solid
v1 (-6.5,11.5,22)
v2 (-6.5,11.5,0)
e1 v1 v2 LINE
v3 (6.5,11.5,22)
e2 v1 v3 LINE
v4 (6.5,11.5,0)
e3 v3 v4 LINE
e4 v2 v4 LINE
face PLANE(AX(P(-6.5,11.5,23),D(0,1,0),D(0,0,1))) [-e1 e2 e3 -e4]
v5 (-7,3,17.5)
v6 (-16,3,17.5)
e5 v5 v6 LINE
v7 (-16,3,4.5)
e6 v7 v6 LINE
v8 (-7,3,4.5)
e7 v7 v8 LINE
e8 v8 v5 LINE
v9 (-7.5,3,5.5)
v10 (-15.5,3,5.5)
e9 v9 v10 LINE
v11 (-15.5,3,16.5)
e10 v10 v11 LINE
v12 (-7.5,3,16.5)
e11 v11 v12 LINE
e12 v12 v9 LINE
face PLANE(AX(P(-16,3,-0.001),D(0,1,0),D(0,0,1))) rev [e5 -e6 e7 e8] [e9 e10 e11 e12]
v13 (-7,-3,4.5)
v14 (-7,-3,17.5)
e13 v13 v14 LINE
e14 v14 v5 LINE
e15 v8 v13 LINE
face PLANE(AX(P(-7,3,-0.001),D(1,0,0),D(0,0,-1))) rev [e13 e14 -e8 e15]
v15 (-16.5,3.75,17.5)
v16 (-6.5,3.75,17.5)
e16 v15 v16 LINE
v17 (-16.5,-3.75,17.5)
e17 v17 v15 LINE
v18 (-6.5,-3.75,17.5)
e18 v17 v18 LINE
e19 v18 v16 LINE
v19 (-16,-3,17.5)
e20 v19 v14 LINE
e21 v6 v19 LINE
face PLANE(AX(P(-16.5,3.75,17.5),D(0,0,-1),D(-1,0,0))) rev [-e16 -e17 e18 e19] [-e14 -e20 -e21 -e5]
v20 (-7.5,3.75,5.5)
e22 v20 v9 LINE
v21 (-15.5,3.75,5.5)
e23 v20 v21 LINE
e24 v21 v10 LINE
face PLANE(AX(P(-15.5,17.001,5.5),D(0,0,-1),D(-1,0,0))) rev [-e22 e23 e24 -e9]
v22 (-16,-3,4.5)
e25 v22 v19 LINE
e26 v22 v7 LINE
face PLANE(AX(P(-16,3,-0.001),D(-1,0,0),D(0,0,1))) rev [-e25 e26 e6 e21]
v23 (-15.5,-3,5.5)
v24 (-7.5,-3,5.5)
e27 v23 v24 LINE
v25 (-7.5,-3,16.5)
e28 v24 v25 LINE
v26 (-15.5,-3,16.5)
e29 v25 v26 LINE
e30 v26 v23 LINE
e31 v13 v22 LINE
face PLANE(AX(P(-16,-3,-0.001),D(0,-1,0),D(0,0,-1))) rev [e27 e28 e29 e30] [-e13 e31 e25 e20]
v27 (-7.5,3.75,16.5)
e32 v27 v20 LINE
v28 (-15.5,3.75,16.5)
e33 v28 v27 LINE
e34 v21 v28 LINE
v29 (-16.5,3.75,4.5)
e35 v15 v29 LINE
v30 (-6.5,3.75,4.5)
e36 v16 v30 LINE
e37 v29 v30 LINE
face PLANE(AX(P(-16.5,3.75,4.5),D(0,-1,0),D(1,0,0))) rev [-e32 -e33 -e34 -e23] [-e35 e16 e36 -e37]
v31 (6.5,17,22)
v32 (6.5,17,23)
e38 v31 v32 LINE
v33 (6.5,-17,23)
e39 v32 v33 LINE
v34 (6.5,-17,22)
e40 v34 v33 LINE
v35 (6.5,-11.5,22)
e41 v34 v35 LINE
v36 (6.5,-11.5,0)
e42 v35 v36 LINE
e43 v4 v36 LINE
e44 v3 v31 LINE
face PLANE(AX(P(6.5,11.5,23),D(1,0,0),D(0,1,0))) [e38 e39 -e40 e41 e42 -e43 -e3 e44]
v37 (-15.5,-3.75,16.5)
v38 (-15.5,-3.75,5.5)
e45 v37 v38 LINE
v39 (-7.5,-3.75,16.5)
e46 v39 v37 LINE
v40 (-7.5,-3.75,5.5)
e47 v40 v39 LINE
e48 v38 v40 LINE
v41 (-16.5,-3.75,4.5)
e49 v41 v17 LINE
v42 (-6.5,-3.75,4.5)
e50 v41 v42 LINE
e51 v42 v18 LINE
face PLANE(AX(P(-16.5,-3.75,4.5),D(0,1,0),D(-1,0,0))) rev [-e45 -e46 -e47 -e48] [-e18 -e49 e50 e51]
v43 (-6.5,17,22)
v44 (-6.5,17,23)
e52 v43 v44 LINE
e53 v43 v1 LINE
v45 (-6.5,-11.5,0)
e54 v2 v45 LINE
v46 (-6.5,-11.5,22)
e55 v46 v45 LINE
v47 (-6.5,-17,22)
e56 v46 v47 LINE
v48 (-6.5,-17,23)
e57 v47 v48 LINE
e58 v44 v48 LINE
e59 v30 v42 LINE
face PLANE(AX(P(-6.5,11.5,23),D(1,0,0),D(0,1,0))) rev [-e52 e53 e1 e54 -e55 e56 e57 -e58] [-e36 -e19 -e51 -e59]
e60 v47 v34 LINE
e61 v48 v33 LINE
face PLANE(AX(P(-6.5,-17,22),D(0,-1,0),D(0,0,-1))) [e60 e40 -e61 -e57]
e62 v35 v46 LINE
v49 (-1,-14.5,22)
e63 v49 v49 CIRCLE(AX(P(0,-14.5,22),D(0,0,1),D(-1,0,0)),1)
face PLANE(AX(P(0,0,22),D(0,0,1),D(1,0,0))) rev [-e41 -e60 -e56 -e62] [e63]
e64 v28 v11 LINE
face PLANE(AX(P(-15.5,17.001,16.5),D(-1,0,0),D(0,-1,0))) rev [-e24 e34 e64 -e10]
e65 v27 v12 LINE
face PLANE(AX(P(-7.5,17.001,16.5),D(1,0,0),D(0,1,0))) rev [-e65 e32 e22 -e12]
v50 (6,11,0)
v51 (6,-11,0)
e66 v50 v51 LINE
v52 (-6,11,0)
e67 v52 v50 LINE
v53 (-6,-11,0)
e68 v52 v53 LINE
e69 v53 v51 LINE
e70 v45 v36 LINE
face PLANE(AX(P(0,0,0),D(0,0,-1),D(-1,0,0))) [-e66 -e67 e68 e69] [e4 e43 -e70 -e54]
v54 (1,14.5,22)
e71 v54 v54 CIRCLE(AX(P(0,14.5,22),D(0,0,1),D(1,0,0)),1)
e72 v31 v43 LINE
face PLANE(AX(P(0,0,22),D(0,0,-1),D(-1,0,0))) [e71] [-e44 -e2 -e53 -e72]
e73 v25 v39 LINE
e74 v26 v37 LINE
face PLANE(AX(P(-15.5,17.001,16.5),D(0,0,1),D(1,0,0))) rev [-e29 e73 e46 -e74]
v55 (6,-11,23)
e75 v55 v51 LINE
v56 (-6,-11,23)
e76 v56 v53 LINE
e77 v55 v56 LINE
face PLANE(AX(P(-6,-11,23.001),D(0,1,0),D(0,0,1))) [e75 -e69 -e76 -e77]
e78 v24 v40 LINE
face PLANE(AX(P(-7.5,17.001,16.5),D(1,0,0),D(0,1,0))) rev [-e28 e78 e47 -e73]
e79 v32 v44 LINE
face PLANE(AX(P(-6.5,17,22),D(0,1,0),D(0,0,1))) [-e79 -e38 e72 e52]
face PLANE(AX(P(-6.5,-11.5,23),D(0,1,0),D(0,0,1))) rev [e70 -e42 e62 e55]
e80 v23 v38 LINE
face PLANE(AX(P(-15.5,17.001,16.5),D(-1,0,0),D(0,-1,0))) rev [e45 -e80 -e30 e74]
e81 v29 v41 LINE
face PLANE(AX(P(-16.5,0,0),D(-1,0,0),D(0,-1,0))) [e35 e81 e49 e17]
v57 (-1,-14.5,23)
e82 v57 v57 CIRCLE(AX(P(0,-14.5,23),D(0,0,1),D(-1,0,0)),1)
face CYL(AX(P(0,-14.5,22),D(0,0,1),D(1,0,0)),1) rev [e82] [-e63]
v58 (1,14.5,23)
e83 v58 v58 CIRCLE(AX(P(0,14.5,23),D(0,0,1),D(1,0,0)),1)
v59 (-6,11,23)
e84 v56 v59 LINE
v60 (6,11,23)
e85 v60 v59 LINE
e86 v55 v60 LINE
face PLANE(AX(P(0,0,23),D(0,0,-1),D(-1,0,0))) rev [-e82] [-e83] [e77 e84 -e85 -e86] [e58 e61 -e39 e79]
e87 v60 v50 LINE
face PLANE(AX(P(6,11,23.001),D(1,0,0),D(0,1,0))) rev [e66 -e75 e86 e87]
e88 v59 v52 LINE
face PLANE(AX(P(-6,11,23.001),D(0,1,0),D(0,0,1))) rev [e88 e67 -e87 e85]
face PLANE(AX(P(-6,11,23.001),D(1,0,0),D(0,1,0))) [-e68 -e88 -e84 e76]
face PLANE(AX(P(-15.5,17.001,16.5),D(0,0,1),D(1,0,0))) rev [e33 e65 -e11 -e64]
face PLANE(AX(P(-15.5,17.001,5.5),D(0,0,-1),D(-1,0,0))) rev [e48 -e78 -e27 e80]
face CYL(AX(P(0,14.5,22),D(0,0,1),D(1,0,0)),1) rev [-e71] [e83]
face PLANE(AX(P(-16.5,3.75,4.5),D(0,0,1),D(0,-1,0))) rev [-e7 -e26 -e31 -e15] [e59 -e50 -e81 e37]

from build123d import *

# Parameters (mm, degrees)
SKETCH1_W           = 13
SKETCH1_H           = 23
BOSS_EXTRUDE1_DEPTH = 23
CUT_EXTRUDE1_REACH  = 28.524
SKETCH1_3_W         = 12
SKETCH1_3_H         = 22
SKETCH2_W           = 13
SKETCH2_H           = 5.5
SKETCH2_R           = 1
BOSS_EXTRUDE2_DEPTH = 1
SKETCH4_W           = 13
SKETCH4_H           = 7.5
BOSS_EXTRUDE3_DEPTH = 10
CUT_EXTRUDE2_REACH  = 37.097
SKETCH5_W           = 8
SKETCH5_H           = 11
CUT_EXTRUDE3_REACH  = 31.453
SKETCH6_W           = 9
SKETCH6_H           = 6


with BuildPart() as part:
    # Sketch1 → Boss-Extrude1 (new body)
    with BuildSketch(Plane.XY):
        Rectangle(SKETCH1_W, SKETCH1_H)
    extrude(amount=BOSS_EXTRUDE1_DEPTH)

    # Sketch1<3> → Cut-Extrude1 (cut, up to next)
    with BuildSketch(Plane.XY, mode=Mode.PRIVATE) as cut_extrude1_sk1:
        Rectangle(SKETCH1_3_W, SKETCH1_3_H)
    cut_extrude1_tool1 = extrude(cut_extrude1_sk1.sketch, amount=CUT_EXTRUDE1_REACH, mode=Mode.PRIVATE) & part.part
    add(cut_extrude1_tool1.solids().sort_by_distance((0, 0, 0))[0], mode=Mode.SUBTRACT)

    # Sketch2 → Boss-Extrude2 (add)
    # profile 1 of 2: a face of its own
    with BuildSketch(Plane.XY.offset(23)):
        with Locations((0, 14.25)):
            Rectangle(SKETCH2_W, SKETCH2_H)
        with Locations((0, 14.5)):
            Circle(SKETCH2_R, mode=Mode.SUBTRACT)
    # profile 2 of 2: a face of its own
    with BuildSketch(Plane.XY.offset(23)):
        with Locations((0, -14.25)):
            Rectangle(SKETCH2_W, SKETCH2_H)
        with Locations((0, -14.5)):
            Circle(SKETCH2_R, mode=Mode.SUBTRACT)
    extrude(amount=-BOSS_EXTRUDE2_DEPTH)

    # Sketch4 → Boss-Extrude3 (add)
    with BuildSketch(Plane.ZY.offset(6.5)):
        with Locations((11, 0)):
            Rectangle(SKETCH4_W, SKETCH4_H)
    extrude(amount=BOSS_EXTRUDE3_DEPTH)

    # Sketch5 → Cut-Extrude2 (cut, up to next)
    with BuildSketch(Plane(origin=(0, -3.75, 0), x_dir=(-1, 0, 0), z_dir=(0, -1, 0)), mode=Mode.PRIVATE) as cut_extrude2_sk1:
        with Locations((11.5, -11)):
            Rectangle(SKETCH5_W, SKETCH5_H)
    cut_extrude2_tool1 = extrude(cut_extrude2_sk1.sketch, amount=-CUT_EXTRUDE2_REACH, mode=Mode.PRIVATE) & part.part
    add(cut_extrude2_tool1.solids().sort_by_distance((-11.5, -3.75, 11))[0], mode=Mode.SUBTRACT)

    # Sketch6 → Cut-Extrude3 (cut, up to next)
    with BuildSketch(Plane.XY.offset(17.5), mode=Mode.PRIVATE) as cut_extrude3_sk1:
        with Locations((-11.5, 0)):
            Rectangle(SKETCH6_W, SKETCH6_H)
    cut_extrude3_tool1 = extrude(cut_extrude3_sk1.sketch, amount=-CUT_EXTRUDE3_REACH, mode=Mode.PRIVATE) & part.part
    add(cut_extrude3_tool1.solids().sort_by_distance((-11.5, 0, 17.5))[0], mode=Mode.SUBTRACT)


solid = part.part
